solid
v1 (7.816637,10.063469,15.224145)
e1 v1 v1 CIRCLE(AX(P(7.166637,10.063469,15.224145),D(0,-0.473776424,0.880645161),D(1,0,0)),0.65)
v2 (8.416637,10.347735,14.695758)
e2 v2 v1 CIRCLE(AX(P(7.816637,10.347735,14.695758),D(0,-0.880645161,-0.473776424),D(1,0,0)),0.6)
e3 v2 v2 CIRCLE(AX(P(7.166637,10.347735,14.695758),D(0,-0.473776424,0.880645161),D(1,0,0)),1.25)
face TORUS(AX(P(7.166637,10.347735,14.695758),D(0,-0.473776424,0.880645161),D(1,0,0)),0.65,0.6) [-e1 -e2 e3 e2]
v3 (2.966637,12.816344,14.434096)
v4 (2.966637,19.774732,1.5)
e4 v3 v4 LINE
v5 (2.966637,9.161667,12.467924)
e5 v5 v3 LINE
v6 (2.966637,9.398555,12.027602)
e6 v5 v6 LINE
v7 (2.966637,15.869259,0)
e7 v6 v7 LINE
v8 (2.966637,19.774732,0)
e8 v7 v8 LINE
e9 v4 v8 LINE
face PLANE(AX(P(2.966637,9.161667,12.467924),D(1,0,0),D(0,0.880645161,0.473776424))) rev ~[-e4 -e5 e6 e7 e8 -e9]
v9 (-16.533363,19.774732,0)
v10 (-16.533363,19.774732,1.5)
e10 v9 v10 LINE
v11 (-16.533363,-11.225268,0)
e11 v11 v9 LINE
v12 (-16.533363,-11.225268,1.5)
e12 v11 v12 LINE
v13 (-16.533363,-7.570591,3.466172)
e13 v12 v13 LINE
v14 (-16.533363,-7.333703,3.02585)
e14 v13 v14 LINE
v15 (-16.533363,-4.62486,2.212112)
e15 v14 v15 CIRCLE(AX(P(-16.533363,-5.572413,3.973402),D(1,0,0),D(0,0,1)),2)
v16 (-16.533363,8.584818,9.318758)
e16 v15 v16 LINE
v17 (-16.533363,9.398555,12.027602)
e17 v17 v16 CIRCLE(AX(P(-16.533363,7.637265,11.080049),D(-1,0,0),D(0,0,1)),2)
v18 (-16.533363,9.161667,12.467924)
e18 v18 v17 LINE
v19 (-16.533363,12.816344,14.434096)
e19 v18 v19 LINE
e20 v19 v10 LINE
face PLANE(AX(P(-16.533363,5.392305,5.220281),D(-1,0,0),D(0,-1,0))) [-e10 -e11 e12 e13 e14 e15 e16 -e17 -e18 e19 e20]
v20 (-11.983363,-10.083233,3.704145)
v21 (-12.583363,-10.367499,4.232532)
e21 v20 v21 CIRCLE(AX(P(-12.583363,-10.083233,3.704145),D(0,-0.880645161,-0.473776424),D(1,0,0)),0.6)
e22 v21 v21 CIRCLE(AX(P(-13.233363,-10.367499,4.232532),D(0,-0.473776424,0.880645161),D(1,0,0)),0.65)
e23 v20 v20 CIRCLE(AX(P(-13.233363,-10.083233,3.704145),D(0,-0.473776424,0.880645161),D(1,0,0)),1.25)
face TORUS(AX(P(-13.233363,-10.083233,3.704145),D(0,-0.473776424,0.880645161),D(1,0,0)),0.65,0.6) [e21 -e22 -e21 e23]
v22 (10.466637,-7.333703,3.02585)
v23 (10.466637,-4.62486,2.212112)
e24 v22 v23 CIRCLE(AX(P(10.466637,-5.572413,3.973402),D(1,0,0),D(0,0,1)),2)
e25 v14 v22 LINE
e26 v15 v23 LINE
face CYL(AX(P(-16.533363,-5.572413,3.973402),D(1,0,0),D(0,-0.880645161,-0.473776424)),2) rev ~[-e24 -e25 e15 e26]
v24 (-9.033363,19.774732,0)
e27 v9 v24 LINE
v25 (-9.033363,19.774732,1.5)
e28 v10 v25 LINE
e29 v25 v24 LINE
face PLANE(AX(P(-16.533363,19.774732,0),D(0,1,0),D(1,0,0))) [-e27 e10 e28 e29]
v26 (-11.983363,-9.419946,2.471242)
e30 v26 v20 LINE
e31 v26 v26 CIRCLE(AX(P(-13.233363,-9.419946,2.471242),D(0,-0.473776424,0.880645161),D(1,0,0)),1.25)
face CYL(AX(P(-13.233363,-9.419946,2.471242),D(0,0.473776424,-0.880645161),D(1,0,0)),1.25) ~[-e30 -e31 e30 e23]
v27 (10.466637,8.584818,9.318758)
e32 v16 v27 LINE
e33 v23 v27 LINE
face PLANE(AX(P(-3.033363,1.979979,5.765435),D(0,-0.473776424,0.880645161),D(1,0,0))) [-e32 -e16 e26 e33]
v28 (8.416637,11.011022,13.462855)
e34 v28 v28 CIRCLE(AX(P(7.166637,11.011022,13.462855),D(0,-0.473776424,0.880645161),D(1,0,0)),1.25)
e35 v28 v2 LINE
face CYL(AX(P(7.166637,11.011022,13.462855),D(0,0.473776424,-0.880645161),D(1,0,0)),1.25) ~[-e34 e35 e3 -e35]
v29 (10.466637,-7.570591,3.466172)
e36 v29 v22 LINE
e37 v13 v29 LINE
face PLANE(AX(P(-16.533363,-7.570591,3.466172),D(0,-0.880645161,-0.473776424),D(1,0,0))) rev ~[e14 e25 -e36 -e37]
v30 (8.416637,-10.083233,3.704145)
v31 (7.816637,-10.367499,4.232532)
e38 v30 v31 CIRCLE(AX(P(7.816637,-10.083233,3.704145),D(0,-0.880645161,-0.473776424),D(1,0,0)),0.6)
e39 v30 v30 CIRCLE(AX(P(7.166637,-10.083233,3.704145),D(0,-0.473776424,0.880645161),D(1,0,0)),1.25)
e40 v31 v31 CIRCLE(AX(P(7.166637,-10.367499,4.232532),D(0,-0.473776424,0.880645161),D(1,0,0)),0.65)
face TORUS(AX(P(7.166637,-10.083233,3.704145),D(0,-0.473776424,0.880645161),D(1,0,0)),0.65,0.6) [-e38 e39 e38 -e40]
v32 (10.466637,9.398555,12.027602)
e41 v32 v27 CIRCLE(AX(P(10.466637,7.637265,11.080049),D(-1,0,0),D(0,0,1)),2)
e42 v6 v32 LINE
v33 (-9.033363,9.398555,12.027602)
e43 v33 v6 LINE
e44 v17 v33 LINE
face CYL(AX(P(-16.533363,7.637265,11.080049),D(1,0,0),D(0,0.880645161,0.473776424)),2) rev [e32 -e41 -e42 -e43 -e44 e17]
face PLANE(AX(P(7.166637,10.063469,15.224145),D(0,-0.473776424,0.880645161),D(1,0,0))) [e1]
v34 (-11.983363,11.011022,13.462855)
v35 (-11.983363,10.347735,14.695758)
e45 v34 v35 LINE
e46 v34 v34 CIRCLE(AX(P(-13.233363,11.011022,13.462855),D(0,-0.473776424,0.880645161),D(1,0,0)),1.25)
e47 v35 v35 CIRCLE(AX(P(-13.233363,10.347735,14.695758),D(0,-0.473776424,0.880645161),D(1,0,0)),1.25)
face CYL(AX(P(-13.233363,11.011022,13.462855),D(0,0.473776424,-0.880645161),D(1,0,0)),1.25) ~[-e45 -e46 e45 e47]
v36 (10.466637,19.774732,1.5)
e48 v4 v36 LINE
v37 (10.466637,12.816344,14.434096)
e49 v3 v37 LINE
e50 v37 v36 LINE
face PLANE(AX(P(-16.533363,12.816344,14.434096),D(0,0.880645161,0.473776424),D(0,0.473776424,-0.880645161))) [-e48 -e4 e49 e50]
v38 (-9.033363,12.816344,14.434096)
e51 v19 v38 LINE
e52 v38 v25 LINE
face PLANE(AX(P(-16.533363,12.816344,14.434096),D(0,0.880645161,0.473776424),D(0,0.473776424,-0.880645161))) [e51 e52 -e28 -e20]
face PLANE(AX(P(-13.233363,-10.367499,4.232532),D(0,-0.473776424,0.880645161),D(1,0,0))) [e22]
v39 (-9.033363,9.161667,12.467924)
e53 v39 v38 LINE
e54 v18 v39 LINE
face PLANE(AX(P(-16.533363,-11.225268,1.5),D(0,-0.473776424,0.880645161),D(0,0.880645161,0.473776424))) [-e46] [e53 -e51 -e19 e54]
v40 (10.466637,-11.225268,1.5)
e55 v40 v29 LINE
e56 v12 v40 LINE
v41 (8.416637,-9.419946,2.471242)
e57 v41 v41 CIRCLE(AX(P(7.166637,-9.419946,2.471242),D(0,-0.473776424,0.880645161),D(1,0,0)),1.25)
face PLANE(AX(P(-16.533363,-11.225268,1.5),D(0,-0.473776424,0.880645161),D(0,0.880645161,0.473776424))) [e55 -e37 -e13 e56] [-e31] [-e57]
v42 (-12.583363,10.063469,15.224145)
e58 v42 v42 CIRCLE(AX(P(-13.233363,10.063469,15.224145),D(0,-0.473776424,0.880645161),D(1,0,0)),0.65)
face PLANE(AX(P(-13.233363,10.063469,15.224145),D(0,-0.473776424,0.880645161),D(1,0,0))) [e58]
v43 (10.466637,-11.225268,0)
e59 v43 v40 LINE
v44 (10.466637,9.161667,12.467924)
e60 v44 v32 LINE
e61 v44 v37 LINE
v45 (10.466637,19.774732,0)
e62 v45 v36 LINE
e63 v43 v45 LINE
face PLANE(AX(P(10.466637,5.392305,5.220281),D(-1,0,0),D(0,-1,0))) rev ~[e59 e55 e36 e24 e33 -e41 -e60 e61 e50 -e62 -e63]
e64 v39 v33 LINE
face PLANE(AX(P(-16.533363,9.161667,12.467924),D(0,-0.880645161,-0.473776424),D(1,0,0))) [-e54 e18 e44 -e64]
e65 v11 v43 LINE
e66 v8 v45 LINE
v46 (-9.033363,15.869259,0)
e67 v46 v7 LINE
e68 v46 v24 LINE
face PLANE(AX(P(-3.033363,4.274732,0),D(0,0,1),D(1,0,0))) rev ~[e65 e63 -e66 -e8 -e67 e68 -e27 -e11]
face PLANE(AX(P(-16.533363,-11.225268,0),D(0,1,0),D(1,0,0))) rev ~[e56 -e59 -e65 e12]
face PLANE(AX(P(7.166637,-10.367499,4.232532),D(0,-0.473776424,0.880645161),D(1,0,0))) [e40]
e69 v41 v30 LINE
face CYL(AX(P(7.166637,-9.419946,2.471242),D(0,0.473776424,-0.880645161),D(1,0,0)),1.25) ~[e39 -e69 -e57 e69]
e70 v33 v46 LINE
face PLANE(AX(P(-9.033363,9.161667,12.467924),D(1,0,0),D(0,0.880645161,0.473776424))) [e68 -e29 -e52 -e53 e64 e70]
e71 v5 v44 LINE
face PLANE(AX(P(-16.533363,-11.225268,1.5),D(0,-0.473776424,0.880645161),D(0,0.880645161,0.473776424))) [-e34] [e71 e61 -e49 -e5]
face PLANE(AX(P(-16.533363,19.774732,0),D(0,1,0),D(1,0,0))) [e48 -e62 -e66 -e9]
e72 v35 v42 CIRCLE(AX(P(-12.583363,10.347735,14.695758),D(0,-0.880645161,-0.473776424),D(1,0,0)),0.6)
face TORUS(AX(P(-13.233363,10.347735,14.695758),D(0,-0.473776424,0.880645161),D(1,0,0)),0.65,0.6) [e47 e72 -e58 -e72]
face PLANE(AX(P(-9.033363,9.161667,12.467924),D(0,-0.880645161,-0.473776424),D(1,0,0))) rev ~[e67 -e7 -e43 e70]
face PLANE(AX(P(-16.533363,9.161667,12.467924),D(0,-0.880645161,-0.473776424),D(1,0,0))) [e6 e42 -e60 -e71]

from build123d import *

# Parameters (mm, degrees)
F0_W      = 27
F0_H      = 31
F1_DEPTH  = 1.5
F3_DEPTH  = 27
F4_W      = 27
F4_H      = 19
F5_DEPTH  = 2.5
F6_R      = 2
F7_W      = 12
F7_H      = 4.15
F8_DEPTH  = 25
F9_R      = 1.25
F10_DEPTH = 2
F11_R     = 0.6


with BuildPart() as f1:
    # F0 (on Top) → F1 (new body)
    with BuildSketch(Plane.XY):
        with Locations((-3.0333630769, 4.2747315317)):
            Rectangle(F0_W, F0_H)
    extrude(amount=F1_DEPTH)

    # F2 (on face) → F3 (join)
    with BuildSketch(Plane(origin=(-16.5333630769, 0, 0), x_dir=(0, -1, 0), z_dir=(-1, 0, 0))):
        Polygon((-19.7747315317, 1.5), (11.2252684683, 1.5), (-12.816344435, 14.434096374), align=None)
    extrude(amount=-F3_DEPTH)

    # F4 (on face) → F5 (cut)
    with BuildSketch(Plane(origin=(0, -3.1455131558, 5.846810437), x_dir=(1, 0, 0), z_dir=(0, -0.473776424, 0.8806451613))):
        with Locations((-3.0333630769, 4.4751862752)):
            Rectangle(F4_W, F4_H)
    extrude(amount=-F5_DEPTH, mode=Mode.SUBTRACT)

    # F6
    f6_edges = [f1.edges().sort_by_distance(p)[0] for p in [
        (-3.033363, 10.346108, 10.266311),
        (-3.033363, -6.38615, 1.264559),
    ]]
    fillet(f6_edges, radius=F6_R)

    # F7 (on face) → F8 (cut)
    with BuildSketch(Plane(origin=(0, -3.1455131558, 5.846810437), x_dir=(1, 0, 0), z_dir=(0, -0.473776424, 0.8806451613))):
        with Locations((-3.0333630769, 16.0501862752)):
            Rectangle(F7_W, F7_H)
    extrude(amount=-F8_DEPTH, mode=Mode.SUBTRACT)

    # F9 (on face) → F10 (join)
    with BuildSketch(Plane(origin=(0, -3.1455131558, 5.846810437), x_dir=(1, 0, 0), z_dir=(0, -0.473776424, 0.8806451613))):
        with Locations((-13.2333630769, 16.0751862752)):
            Circle(F9_R)
        with Locations((7.1666369231, 16.0751862752)):
            Circle(F9_R)
        with Locations((-13.2333630769, -7.1248137248)):
            Circle(F9_R)
        with Locations((7.1666369231, -7.1248137248)):
            Circle(F9_R)
    extrude(amount=F10_DEPTH)

    # F11
    f11_edges = [f1.edges().sort_by_distance(p)[0] for p in [
        (-14.483363, -10.367499, 4.232532),
        (5.916637, -10.367499, 4.232532),
        (-14.483363, 10.063469, 15.224145),
        (5.916637, 10.063469, 15.224145),
    ]]
    fillet(f11_edges, radius=F11_R)


solid = f1.part
